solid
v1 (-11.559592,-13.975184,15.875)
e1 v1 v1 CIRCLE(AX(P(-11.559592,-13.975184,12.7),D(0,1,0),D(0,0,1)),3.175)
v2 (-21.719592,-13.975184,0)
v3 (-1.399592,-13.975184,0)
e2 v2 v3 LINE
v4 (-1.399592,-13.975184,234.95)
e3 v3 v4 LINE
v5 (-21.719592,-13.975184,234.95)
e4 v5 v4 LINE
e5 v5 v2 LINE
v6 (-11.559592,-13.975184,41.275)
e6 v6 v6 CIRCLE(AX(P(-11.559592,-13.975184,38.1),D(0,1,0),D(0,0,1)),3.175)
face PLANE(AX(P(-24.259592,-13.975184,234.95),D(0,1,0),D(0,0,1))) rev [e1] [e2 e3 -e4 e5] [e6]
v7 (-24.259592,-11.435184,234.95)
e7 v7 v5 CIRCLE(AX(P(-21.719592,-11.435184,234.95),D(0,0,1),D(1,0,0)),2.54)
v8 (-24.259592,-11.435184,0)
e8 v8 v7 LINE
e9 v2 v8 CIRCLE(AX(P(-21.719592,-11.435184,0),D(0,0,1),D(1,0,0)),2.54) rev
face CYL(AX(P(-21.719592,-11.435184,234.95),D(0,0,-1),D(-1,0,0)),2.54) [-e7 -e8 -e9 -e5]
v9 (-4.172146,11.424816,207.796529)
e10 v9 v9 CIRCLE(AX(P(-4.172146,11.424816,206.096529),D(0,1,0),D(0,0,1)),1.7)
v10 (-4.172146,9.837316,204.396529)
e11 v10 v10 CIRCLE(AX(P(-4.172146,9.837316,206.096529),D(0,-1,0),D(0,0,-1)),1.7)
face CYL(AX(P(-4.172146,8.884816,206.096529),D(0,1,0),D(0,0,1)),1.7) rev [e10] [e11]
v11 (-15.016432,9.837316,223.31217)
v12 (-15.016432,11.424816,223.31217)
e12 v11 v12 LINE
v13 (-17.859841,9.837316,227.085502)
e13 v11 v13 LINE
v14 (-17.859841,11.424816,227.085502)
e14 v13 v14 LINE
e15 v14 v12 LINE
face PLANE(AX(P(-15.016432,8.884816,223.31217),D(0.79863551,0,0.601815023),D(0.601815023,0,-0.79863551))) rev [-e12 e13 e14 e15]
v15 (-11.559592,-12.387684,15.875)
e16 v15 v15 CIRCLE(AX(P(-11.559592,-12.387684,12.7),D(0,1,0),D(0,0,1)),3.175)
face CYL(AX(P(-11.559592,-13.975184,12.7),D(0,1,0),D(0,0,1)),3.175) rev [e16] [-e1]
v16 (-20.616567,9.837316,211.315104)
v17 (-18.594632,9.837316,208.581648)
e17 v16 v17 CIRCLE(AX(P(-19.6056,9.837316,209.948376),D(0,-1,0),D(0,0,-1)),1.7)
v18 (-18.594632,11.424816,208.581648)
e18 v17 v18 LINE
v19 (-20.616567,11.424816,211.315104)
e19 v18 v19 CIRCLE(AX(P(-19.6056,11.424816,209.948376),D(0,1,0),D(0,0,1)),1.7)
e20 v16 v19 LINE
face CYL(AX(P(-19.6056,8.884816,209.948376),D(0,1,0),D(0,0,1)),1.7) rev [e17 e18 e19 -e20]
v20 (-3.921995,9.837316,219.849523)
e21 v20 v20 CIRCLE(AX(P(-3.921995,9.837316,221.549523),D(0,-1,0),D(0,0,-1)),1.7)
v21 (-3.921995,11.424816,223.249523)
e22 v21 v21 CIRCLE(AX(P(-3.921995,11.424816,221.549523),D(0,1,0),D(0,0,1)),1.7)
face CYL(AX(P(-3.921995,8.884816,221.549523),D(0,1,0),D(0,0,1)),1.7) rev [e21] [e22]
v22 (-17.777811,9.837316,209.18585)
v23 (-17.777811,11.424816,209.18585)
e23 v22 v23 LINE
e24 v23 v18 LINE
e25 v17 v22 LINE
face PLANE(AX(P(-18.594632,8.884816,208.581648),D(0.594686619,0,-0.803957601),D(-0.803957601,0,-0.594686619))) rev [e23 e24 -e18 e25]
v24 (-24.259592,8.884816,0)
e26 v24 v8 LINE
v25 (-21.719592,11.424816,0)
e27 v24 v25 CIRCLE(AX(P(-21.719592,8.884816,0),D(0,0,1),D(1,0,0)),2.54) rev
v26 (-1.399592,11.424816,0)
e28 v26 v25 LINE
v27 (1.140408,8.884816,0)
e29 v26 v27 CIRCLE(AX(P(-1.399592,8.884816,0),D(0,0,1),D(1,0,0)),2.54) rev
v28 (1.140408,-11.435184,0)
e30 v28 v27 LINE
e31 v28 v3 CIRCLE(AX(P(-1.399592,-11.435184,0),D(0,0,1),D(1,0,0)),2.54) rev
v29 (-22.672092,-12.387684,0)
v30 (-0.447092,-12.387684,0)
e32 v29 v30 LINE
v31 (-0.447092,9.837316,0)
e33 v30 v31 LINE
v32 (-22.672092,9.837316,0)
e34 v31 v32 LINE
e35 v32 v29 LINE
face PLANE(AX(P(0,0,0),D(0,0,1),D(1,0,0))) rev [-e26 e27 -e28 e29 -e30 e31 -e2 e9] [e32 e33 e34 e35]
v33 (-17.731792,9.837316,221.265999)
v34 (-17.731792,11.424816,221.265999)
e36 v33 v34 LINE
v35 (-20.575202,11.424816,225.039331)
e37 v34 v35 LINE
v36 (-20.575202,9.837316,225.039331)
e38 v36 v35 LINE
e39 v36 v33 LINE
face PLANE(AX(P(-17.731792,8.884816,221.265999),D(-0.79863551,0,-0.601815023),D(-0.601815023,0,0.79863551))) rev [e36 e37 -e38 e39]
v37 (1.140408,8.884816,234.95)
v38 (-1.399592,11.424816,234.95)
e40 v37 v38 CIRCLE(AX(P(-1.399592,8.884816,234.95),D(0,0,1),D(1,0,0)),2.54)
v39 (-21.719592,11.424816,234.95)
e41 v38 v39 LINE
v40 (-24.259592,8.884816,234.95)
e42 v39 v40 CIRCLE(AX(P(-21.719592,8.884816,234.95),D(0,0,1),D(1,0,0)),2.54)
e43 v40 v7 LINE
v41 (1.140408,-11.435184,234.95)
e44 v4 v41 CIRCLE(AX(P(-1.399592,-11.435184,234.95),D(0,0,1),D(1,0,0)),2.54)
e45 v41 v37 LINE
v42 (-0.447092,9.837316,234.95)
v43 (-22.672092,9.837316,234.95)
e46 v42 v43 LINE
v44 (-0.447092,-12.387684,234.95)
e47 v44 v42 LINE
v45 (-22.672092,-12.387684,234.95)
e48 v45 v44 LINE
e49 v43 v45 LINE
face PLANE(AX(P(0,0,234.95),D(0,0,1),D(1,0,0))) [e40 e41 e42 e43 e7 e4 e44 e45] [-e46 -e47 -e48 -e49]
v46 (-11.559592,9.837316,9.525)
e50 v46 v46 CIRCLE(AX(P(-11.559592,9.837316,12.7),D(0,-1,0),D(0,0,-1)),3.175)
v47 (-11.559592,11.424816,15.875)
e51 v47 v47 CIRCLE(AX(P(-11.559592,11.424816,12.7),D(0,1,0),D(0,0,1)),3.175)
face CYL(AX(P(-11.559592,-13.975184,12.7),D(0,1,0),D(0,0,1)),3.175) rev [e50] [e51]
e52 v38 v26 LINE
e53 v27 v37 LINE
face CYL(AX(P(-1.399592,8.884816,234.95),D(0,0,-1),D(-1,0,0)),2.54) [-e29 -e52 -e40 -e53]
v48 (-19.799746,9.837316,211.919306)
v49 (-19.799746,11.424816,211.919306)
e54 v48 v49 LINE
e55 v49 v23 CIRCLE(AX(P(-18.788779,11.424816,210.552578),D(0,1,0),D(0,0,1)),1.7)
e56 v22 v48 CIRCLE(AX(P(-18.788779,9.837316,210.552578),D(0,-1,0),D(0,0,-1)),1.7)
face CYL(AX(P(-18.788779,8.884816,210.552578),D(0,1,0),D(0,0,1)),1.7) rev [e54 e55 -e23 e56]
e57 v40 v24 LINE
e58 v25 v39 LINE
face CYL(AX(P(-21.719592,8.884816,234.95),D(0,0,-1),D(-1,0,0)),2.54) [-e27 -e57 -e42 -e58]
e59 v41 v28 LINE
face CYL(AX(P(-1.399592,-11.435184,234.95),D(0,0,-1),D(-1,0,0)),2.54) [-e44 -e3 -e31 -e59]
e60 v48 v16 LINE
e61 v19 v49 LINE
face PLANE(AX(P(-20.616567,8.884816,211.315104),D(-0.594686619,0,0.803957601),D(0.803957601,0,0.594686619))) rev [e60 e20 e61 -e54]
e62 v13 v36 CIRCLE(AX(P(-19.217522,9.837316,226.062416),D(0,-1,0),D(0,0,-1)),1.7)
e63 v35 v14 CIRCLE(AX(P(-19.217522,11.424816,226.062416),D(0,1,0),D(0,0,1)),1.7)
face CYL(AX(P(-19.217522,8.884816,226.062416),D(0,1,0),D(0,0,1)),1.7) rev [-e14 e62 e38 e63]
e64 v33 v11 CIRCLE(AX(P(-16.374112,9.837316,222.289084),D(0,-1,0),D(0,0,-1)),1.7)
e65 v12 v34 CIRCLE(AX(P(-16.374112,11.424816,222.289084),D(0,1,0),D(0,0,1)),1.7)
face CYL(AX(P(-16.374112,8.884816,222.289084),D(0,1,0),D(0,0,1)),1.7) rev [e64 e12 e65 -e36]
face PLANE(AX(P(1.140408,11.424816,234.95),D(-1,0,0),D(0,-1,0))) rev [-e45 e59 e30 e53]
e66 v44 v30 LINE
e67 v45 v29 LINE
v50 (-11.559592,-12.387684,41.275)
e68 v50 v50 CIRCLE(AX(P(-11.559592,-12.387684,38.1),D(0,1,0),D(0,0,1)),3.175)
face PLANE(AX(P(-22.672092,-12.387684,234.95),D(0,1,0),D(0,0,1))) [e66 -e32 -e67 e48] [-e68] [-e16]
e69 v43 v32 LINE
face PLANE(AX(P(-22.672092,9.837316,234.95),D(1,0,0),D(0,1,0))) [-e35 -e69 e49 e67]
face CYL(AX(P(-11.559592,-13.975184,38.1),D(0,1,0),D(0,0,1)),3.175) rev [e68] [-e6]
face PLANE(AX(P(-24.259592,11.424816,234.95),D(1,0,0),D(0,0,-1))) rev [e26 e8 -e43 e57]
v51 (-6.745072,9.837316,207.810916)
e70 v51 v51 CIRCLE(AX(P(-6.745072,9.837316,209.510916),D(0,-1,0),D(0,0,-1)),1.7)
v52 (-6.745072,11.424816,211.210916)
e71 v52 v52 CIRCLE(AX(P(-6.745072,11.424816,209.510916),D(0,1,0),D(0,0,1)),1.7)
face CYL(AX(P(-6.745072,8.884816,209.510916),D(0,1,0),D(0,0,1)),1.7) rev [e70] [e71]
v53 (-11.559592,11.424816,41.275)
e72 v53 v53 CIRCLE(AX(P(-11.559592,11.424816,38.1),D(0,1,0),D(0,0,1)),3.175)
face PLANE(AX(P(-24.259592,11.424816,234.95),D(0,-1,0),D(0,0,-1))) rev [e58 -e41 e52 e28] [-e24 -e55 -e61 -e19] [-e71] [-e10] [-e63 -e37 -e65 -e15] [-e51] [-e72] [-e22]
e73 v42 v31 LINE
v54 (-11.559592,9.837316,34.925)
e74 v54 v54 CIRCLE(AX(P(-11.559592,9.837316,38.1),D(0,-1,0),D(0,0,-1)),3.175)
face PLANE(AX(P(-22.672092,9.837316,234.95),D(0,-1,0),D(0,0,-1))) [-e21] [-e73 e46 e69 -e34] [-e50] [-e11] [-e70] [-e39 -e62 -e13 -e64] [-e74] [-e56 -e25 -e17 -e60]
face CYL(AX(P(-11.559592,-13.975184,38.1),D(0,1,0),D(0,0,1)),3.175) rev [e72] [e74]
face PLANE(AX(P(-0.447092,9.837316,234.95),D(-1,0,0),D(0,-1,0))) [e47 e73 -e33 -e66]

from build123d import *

# Parameters (mm, degrees)
SKETCH1_W           = 25.4
SKETCH1_H           = 25.4
SKETCH1_W_2         = 22.225
SKETCH1_H_2         = 22.225
BOSS_EXTRUDE1_DEPTH = 234.95
FILLET1_R           = 2.54
SKETCH2_R           = 3.175
CUT_EXTRUDE1_DEPTH  = 238.560919126
SKETCH3_R           = 1.7
CUT_EXTRUDE2_DEPTH  = 2.54


with BuildPart() as part:
    # Sketch1 → Boss-Extrude1 (new body)
    with BuildSketch(Plane.XY):
        with Locations((-11.559591837, -1.275183673)):
            Rectangle(SKETCH1_W, SKETCH1_H)
        with Locations((-11.559591837, -1.275183673)):
            Rectangle(SKETCH1_W_2, SKETCH1_H_2, mode=Mode.SUBTRACT)
    extrude(amount=BOSS_EXTRUDE1_DEPTH)

    # Fillet1
    fillet1_edges = [part.edges().sort_by_distance(p)[0] for p in [
        (-24.259591837, 11.424816327, 117.475),
        (1.140408163, 11.424816327, 117.475),
        (1.140408163, -13.975183673, 117.475),
        (-24.259591837, -13.975183673, 117.475),
    ]]
    fillet(fillet1_edges, radius=FILLET1_R)

    # Sketch2 → Cut-Extrude1 (cut, through all)
    with BuildSketch(Plane(origin=(0, 11.424816327, 0), x_dir=(1, 0, 0), z_dir=(0, 1, 0))):
        with Locations(Location((-11.559591837, -12.7, 0), (0, 0, 270))):
            Circle(SKETCH2_R)
        with Locations(Location((-11.559591837, -38.1, 0), (0, 0, 270))):
            Circle(SKETCH2_R)
    extrude(amount=-CUT_EXTRUDE1_DEPTH, mode=Mode.SUBTRACT)

    # Sketch3 → Cut-Extrude2 (cut)
    with BuildSketch(Plane(origin=(0, 11.424816327, 0), x_dir=(1, 0, 0), z_dir=(0, 1, 0))):
        with Locations(Location((-6.745071652, -209.51091592, 0), (0, 0, 270))):
            Circle(SKETCH3_R)
        with Locations(Location((-4.172146269, -206.096528614, 0), (0, 0, 270))):
            Circle(SKETCH3_R)
        with Locations(Location((-3.921994623, -221.549522883, 0), (0, 0, 270))):
            Circle(SKETCH3_R)
        with BuildLine():
            Line((-15.016431655, -223.31216962), (-17.859841481, -227.085501905))
            ThreePointArc((-17.859841481, -227.085501905), (-20.240607387, -227.420096733), (-20.575202215, -225.039330826))
            Line((-20.575202215, -225.039330826), (-17.731792389, -221.265998541))
            ThreePointArc((-17.731792389, -221.265998541), (-15.351026483, -220.931403713), (-15.016431655, -223.31216962))
        make_face()
        with BuildLine():
            Line((-18.594632259, -208.581648392), (-17.777811336, -209.185849998))
            ThreePointArc((-17.777811336, -209.185849998), (-17.422050667, -211.563545173), (-19.799745842, -211.919305842))
            Line((-19.799745842, -211.919305842), (-20.616566765, -211.315104237))
            ThreePointArc((-20.616566765, -211.315104237), (-20.972327435, -208.937409062), (-18.594632259, -208.581648392))
        make_face()
    extrude(amount=-CUT_EXTRUDE2_DEPTH, mode=Mode.SUBTRACT)


solid = part.part
